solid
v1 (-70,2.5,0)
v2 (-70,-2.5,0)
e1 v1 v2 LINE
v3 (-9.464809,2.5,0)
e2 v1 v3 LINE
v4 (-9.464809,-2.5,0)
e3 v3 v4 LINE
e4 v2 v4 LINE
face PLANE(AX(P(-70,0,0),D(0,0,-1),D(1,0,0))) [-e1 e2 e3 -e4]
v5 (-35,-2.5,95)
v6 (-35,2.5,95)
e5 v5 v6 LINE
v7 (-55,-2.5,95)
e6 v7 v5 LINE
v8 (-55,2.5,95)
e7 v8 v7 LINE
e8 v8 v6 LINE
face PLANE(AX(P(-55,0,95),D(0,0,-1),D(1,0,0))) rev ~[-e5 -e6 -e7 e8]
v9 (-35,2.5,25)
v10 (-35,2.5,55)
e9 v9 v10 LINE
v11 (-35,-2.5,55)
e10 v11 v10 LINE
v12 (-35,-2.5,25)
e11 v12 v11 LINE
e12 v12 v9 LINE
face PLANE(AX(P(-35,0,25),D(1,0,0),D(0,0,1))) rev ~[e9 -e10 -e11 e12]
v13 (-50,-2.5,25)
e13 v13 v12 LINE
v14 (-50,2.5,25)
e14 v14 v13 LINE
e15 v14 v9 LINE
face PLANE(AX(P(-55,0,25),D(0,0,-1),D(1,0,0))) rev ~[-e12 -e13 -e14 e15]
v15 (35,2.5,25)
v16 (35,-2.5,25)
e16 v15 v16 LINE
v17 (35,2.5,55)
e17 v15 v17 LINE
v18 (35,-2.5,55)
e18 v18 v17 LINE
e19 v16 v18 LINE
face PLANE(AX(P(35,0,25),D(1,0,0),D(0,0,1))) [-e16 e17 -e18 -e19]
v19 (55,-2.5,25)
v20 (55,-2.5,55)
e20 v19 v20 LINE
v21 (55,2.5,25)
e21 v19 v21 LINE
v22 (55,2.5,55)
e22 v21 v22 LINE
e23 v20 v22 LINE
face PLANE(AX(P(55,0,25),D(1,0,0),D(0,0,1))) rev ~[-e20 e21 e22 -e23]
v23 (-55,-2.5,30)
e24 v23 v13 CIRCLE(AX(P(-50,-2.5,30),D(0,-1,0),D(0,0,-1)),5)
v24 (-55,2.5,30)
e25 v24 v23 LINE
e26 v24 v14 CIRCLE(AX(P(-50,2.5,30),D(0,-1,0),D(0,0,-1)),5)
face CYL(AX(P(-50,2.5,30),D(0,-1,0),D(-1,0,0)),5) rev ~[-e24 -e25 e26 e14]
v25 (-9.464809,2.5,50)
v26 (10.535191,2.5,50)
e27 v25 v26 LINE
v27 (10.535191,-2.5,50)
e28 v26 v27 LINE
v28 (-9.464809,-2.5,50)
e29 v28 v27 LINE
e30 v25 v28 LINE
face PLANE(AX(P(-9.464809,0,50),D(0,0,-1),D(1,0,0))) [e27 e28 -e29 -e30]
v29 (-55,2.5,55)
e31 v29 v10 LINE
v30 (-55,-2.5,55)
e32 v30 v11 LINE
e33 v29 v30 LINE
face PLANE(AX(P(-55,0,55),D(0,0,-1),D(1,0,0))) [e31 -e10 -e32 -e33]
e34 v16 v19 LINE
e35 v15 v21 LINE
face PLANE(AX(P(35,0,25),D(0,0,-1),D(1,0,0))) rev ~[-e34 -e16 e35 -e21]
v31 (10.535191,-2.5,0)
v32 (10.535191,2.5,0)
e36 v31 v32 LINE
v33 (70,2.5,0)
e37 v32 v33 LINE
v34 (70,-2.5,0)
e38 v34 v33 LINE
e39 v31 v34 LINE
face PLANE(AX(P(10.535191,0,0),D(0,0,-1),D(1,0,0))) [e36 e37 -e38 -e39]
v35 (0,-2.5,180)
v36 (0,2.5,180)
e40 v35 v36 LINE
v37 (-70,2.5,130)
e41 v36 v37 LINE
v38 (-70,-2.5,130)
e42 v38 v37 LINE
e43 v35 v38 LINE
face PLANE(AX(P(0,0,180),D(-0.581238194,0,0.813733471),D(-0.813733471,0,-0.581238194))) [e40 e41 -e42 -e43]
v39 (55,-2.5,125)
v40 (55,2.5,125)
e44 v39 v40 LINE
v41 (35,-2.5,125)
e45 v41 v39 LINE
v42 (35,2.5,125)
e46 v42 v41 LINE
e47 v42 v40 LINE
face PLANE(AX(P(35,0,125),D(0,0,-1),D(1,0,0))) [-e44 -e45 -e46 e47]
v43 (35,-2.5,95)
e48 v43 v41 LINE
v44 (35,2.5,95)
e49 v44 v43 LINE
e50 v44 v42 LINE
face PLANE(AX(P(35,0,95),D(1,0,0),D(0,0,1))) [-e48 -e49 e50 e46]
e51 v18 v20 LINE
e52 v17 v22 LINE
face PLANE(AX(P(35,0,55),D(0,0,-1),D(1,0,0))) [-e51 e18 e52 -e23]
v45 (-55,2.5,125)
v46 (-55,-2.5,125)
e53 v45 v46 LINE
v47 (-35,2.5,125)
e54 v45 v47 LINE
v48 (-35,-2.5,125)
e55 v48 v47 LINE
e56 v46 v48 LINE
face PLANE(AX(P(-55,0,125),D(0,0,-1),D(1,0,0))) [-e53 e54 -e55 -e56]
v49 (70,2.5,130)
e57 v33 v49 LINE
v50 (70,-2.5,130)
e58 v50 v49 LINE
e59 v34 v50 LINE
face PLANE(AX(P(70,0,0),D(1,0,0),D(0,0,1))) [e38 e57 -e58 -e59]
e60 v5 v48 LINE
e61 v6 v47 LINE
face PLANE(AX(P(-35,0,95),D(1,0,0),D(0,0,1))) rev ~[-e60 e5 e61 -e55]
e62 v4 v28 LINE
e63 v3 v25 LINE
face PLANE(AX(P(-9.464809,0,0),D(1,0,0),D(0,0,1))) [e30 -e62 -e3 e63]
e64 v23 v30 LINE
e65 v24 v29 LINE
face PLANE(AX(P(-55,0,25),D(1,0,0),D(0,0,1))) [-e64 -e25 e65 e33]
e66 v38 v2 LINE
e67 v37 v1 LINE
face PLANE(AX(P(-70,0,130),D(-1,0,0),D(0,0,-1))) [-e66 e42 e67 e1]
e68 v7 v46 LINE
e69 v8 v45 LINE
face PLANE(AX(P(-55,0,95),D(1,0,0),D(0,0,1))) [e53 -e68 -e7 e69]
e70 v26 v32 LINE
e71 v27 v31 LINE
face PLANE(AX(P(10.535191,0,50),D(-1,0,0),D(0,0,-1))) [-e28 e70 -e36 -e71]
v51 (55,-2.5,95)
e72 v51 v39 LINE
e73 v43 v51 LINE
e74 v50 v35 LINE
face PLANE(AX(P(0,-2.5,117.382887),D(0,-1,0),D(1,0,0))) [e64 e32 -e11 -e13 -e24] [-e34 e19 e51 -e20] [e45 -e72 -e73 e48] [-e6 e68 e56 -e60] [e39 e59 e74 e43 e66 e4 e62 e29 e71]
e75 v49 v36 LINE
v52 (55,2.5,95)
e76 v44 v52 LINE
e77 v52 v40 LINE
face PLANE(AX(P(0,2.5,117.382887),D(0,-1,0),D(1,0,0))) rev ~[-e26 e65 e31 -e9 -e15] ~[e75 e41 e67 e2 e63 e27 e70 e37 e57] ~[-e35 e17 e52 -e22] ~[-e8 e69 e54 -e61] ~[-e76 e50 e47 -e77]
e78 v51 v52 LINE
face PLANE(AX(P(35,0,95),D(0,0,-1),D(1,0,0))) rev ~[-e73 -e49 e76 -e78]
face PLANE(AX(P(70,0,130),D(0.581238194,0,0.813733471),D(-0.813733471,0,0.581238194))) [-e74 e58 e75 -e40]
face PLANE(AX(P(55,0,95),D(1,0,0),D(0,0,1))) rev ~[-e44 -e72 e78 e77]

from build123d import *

# Parameters (mm, degrees)
F0_W     = 20
F0_H     = 30
F1_DEPTH = 2.5
F2_R     = 5


with BuildPart() as f1:
    # F0 (on Front) → F1 (new body, symmetric)
    with BuildSketch(Plane.XZ):
        Polygon((-70, 80), (70, 80), (70, 130), (0, 180), (-70, 130), align=None)
        with Locations((-45, 110)):
            Rectangle(F0_W, F0_H, mode=Mode.SUBTRACT)
        with Locations((45, 110)):
            Rectangle(F0_W, F0_H, mode=Mode.SUBTRACT)
        Polygon((10.535191, 0), (70, 0), (70, 80), (-70, 80), (-70, 0), (-9.464809, 0), (-9.464809, 50), (10.535191, 50), align=None)
        with Locations((-45, 40)):
            Rectangle(F0_W, F0_H, mode=Mode.SUBTRACT)
        with Locations((45, 40)):
            Rectangle(F0_W, F0_H, mode=Mode.SUBTRACT)
    extrude(amount=F1_DEPTH, both=True)

    # F2
    f2_edges = [f1.edges().sort_by_distance(p)[0] for p in [
        (-55, 0, 25),
    ]]
    fillet(f2_edges, radius=F2_R)


solid = f1.part
